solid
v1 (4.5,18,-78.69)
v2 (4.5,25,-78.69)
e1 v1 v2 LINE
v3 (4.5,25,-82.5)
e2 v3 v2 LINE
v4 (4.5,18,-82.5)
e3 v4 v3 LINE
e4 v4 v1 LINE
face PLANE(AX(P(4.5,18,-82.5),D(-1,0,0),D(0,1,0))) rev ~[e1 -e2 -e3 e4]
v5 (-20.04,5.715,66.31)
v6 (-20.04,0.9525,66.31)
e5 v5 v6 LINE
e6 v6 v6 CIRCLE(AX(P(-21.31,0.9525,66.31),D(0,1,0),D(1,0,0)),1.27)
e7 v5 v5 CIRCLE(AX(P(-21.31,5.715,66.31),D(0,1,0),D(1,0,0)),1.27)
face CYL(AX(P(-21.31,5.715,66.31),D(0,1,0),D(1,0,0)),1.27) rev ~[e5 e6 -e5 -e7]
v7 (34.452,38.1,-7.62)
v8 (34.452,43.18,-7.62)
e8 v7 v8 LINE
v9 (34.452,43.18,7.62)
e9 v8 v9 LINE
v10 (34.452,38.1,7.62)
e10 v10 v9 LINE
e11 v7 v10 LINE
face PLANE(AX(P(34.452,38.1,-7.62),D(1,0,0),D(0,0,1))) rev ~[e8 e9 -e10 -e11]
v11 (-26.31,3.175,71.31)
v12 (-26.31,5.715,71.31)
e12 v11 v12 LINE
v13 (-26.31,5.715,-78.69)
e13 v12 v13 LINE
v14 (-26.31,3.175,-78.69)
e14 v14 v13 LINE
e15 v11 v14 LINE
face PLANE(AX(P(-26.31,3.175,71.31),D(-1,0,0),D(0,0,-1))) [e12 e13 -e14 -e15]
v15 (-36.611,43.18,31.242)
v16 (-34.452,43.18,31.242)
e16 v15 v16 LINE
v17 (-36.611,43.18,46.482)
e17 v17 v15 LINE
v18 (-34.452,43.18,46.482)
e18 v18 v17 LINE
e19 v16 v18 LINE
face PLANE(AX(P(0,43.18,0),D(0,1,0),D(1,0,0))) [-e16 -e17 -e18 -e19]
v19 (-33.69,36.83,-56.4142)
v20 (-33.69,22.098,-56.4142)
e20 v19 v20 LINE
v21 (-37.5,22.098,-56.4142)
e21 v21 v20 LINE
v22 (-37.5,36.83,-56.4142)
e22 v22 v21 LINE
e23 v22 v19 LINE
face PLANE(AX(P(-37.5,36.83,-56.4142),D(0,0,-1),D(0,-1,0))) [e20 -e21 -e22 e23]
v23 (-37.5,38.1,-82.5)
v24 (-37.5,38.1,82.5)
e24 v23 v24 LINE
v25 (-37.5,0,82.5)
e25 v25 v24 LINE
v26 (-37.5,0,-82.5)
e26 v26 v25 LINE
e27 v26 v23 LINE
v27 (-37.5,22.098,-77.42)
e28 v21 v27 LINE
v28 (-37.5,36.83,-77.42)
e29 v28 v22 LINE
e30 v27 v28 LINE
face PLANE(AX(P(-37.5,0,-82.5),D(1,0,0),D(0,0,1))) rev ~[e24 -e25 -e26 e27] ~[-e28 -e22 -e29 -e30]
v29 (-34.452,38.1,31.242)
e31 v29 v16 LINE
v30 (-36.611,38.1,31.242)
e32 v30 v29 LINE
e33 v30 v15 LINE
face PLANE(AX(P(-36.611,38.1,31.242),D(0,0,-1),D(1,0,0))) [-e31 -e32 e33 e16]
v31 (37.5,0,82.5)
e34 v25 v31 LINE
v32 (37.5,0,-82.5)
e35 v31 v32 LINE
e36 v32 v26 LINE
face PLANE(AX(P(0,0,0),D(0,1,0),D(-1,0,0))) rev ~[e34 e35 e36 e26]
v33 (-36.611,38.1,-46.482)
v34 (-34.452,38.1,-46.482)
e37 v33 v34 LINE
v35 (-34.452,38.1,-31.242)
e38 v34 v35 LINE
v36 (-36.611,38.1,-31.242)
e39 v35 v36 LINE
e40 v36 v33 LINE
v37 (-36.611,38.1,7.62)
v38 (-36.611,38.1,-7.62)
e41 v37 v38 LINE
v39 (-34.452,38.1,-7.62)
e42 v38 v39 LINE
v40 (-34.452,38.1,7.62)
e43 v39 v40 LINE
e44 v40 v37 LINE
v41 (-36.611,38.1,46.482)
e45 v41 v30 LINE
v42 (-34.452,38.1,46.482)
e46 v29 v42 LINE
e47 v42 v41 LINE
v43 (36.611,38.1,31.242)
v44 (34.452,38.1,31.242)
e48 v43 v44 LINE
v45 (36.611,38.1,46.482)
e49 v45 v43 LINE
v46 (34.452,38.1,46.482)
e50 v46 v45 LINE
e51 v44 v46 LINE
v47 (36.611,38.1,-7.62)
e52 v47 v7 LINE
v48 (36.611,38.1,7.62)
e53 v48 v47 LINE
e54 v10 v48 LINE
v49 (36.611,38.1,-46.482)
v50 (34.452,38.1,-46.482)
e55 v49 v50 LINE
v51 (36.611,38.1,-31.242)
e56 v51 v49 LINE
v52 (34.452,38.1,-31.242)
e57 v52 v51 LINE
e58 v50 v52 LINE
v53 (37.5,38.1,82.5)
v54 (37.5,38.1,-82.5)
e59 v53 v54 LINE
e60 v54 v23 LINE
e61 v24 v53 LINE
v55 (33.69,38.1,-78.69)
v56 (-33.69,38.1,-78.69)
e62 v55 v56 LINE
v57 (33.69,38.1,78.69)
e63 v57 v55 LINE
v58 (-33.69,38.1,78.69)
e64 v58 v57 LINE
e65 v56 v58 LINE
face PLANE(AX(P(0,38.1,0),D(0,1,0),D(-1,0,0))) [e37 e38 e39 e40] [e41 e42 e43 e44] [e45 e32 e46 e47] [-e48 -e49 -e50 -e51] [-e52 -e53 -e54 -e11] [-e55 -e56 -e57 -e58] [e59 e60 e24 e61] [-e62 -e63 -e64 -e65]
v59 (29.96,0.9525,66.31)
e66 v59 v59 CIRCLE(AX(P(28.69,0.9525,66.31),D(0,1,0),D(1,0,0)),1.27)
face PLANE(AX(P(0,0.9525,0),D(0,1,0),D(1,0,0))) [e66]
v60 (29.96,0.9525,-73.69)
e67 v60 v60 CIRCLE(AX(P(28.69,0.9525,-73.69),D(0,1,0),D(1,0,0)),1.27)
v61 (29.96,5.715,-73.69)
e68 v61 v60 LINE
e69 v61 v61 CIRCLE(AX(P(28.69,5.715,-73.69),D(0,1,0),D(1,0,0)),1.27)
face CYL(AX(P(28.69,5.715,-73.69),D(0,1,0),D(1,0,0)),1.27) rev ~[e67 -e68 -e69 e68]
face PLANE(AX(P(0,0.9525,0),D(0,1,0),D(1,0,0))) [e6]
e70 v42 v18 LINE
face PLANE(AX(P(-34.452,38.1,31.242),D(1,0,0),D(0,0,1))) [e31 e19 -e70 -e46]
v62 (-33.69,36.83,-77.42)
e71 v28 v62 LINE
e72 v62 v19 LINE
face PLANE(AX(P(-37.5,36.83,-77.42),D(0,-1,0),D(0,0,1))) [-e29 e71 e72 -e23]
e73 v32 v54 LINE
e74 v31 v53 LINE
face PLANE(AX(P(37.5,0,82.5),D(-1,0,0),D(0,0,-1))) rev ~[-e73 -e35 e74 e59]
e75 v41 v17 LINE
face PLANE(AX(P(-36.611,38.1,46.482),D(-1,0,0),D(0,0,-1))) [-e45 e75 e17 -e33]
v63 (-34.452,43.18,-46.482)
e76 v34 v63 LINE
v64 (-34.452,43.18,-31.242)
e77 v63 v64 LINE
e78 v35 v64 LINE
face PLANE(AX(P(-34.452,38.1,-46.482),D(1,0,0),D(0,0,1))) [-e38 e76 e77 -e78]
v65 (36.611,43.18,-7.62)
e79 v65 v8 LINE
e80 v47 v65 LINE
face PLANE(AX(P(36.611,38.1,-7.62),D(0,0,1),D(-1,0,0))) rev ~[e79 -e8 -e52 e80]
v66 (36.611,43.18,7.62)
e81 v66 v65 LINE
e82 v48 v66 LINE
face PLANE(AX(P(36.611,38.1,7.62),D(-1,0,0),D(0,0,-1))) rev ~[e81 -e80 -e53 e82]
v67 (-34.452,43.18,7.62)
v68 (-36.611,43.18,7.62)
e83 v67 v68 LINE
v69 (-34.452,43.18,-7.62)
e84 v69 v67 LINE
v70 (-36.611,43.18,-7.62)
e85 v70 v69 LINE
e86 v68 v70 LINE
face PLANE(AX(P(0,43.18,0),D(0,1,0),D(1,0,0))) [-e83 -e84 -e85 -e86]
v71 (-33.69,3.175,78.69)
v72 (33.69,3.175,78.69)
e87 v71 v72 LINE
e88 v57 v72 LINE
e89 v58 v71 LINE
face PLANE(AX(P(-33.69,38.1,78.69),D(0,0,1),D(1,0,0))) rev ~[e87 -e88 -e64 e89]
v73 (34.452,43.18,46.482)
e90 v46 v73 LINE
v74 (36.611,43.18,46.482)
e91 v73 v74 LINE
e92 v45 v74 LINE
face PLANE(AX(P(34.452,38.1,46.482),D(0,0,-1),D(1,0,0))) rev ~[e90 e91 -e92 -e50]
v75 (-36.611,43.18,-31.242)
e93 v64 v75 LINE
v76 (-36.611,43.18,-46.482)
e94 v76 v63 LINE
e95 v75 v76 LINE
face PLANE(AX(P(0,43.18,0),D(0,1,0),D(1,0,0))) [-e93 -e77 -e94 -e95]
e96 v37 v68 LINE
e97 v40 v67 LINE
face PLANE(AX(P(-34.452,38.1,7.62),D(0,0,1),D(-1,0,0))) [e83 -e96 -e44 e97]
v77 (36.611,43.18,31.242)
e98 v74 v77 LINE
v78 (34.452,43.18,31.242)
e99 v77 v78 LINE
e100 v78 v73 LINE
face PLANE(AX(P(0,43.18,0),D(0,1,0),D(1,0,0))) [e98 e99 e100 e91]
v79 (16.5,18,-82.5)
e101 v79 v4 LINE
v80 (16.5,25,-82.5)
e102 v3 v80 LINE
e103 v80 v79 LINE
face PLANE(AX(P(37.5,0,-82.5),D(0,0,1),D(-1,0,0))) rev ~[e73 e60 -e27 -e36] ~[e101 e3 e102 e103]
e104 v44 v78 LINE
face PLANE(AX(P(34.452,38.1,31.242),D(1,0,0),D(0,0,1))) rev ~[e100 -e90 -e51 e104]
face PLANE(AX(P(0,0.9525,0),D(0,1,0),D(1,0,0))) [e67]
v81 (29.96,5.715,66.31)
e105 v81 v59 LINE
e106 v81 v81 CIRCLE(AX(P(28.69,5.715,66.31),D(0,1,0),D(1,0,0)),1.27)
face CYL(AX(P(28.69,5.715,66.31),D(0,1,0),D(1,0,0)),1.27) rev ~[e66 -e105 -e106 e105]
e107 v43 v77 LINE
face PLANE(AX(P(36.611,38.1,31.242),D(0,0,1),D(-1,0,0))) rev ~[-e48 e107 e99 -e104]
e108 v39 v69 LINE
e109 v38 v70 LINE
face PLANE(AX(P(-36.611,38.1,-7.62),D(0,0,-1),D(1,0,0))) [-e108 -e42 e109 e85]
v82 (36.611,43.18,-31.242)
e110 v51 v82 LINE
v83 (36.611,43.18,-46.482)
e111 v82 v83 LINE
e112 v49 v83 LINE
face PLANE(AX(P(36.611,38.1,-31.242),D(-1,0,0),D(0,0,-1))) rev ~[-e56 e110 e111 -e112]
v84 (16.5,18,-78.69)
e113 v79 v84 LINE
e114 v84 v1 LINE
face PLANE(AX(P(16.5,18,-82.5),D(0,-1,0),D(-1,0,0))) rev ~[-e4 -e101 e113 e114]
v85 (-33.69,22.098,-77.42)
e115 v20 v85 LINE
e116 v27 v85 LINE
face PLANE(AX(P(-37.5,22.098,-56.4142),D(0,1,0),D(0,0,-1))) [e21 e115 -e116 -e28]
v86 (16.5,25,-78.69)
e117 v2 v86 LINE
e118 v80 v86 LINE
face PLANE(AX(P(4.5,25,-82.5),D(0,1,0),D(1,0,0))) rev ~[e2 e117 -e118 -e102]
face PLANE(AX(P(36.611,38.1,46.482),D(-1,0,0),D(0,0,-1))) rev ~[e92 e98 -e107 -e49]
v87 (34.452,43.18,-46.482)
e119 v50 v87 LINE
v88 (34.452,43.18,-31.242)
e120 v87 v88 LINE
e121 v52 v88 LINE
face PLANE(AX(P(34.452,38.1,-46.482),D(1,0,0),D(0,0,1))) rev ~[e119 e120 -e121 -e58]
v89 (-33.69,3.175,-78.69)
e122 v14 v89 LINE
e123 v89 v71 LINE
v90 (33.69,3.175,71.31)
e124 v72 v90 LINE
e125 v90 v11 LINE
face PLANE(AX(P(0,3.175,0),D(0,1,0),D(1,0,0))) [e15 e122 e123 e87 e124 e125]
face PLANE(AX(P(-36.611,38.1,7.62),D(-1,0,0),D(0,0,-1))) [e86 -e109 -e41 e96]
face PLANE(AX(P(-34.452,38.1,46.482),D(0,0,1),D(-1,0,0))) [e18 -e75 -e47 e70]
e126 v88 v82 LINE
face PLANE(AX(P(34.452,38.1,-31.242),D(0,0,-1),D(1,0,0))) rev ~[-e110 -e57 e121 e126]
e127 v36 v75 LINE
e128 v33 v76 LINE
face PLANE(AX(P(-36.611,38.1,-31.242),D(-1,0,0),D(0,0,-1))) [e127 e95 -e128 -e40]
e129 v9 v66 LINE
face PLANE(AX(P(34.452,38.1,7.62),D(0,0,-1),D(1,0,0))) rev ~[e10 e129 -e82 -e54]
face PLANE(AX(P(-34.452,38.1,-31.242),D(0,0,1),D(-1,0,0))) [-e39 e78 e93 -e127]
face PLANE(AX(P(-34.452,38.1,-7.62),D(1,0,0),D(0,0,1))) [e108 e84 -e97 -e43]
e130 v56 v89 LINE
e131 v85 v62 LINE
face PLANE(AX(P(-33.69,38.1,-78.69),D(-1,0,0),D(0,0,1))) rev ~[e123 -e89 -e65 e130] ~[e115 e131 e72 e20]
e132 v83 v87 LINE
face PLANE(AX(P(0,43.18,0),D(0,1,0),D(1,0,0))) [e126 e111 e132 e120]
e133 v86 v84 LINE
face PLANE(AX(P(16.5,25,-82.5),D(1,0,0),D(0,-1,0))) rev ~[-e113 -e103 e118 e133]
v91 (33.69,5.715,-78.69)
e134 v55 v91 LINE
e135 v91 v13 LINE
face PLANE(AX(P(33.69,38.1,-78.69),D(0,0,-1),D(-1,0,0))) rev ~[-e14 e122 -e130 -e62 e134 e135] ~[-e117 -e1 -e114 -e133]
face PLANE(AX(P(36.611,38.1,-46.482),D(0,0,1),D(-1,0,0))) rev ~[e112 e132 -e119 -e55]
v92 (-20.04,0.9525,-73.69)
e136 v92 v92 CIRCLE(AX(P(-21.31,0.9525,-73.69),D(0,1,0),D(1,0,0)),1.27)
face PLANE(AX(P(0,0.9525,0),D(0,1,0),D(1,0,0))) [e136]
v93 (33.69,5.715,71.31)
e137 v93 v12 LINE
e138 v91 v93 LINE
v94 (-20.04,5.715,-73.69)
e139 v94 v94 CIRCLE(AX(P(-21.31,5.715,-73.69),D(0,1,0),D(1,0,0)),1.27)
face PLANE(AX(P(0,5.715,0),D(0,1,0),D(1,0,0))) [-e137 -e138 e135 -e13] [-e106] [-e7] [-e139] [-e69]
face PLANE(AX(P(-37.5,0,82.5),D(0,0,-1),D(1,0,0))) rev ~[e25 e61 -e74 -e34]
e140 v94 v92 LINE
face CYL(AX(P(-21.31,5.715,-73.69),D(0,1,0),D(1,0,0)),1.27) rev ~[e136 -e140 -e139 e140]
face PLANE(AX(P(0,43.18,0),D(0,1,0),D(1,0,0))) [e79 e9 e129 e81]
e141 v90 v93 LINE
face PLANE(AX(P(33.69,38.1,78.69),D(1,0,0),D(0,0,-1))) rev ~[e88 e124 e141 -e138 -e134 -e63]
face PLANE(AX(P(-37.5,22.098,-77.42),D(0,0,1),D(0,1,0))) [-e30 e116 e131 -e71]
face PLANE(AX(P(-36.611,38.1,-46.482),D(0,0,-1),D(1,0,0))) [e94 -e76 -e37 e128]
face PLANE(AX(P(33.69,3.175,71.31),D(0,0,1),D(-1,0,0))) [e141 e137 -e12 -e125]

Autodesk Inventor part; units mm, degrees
ref_plane "YZ Plane" through (0, 0, 0) normal (1, 0, 0) x (0, 1, 0)
ref_plane "XZ Plane" through (0, 0, 0) normal (0, 1, 0) x (-1, 0, 0)
ref_plane "XY Plane" through (0, 0, 0) normal (0, 0, 1) x (1, 0, 0)
sketch "Sketch1" plane through (0, 0, 0) normal (0, 1, 0) x (-1, 0, 0)
  line L0 (37.5, 82.5) -> (-37.5, 82.5)
  line L1 (-37.5, 82.5) -> (-37.5, -82.5)
  line L2 (-37.5, -82.5) -> (37.5, -82.5)
  line L3 (37.5, -82.5) -> (37.5, 82.5)
  point P0 (0, 0)
  point P1 (37.5, 0)
  point P2 (0, -82.5)
  dimension "d0" = 75
  dimension "d1" = 165
extrude "Extrusion1" add sketch "Sketch1" along normal blind 38.1
sketch "Sketch2" plane through (0, 38.1, 0) normal (0, 1, 0) x (1, 0, 0)
  line L0 (-33.69, -78.69) -> (33.69, -78.69)
  line L1 (33.69, -78.69) -> (33.69, 78.69)
  line L2 (33.69, 78.69) -> (-33.69, 78.69)
  line L3 (-33.69, 78.69) -> (-33.69, -78.69)
  line L4 (-37.5, 82.5) -> (-37.5, -82.5) projected
  line L5 (37.5, 82.5) -> (-37.5, 82.5) projected
  line L6 (37.5, -82.5) -> (37.5, 82.5) projected
  line L7 (-37.5, -82.5) -> (37.5, -82.5) projected
  point P0 (0, 0)
  dimension "d4" = 3.81
  dimension "d5" = 3.81
  dimension "d6" = 3.81
  dimension "d7" = 3.81
extrude "Extrusion2" cut sketch "Sketch2" against normal blind 34.925 contours L3 L2 L1 L0
sketch "Sketch3" plane through (0, 38.1, 0) normal (0, 1, 0) x (1, 0, 0)
  line L0 (-36.611, -46.482) -> (-36.611, -31.242)
  line L1 (-36.611, -31.242) -> (-34.452, -31.242)
  line L2 (-34.452, -31.242) -> (-34.452, -46.482)
  line L3 (-34.452, -46.482) -> (-36.611, -46.482)
  line L4 (-36.611, 31.242) -> (-36.611, 46.482)
  line L5 (-36.611, 46.482) -> (-34.452, 46.482)
  line L6 (-34.452, 46.482) -> (-34.452, 31.242)
  line L7 (-34.452, 31.242) -> (-36.611, 31.242)
  line L8 (-36.611, -7.62) -> (-36.611, 7.62)
  line L9 (-36.611, 7.62) -> (-34.452, 7.62)
  line L10 (-34.452, 7.62) -> (-34.452, -7.62)
  line L11 (-34.452, -7.62) -> (-36.611, -7.62)
  line L12 (-33.69, -78.69) -> (-33.69, 78.69) projected
  line L13 (0, -72.064) -> (0, 82.0809)
  line L14 (36.611, 46.482) -> (34.452, 46.482)
  line L15 (36.611, 7.62) -> (34.452, 7.62)
  line L16 (34.452, 7.62) -> (34.452, -7.62)
  line L17 (36.611, -7.62) -> (36.611, 7.62)
  line L18 (34.452, -7.62) -> (36.611, -7.62)
  line L19 (36.611, -46.482) -> (36.611, -31.242)
  line L20 (36.611, -31.242) -> (34.452, -31.242)
  line L21 (34.452, -31.242) -> (34.452, -46.482)
  line L22 (34.452, -46.482) -> (36.611, -46.482)
  line L23 (36.611, 31.242) -> (36.611, 46.482)
  line L24 (34.452, 46.482) -> (34.452, 31.242)
  line L25 (34.452, 31.242) -> (36.611, 31.242)
  point P0 (0, 0)
  point P1 (-35.5315, -31.242)
  point P2 (-35.5315, 31.242)
  point P3 (-35.5315, -7.62)
  point P4 (-35.5315, 7.62)
  point P5 (-34.452, 0)
  dimension "d10" = 2.159
  dimension "d11" = 2.159
  dimension "d12" = 2.159
  dimension "d13" = 23.622
  dimension "d14" = 23.622
  dimension "d15" = 15.24
  dimension "d16" = 15.24
  dimension "d17" = 15.24
  dimension "d18" = 0.762
  dimension "d19" = 0.762
  dimension "d20" = 0.762
extrude "Extrusion3" add sketch "Sketch3" along normal blind 5.08
sketch "Sketch12" plane through (-37.5, 0, -82.5) normal (-1, 0, 0) x (0, 0, 1)
  line L0 (5.08, 36.83) -> (26.0858, 36.83)
  line L1 (26.0858, 36.83) -> (26.0858, 22.098)
  line L2 (26.0858, 22.098) -> (5.08, 22.098)
  line L3 (5.08, 22.098) -> (5.08, 36.83)
  line L4 (0, 0) -> (0, 38.1) projected
  line L5 (0, 38.1) -> (165, 38.1) projected
  point P0 (82.5, 0)
  dimension "d85" = 14.732
  dimension "d86" = 21.0058
  dimension "d87" = 5.08
  dimension "d88" = 1.27
extrude "Extrusion10" cut sketch "Sketch12" against normal blind 13.0937
sketch "Sketch13" plane through (0, 3.175, 0) normal (0, 1, 0) x (1, 0, 0)
  line L0 (-33.69, 78.69) -> (33.69, 78.69) projected
  line L1 (-33.69, 78.69) -> (26.31, 78.69)
  line L2 (33.69, -71.31) -> (-26.31, -71.31)
  line L3 (-26.31, -71.31) -> (-26.31, 78.69)
  line L4 (-26.31, 78.69) -> (33.69, 78.69)
  line L5 (33.69, 78.69) -> (33.69, -71.31)
  line L6 (33.69, 78.69) -> (33.69, -78.69) projected
  point P0 (0, 0)
  point P1 (33.69, 3.69)
  point P2 (33.69, 0)
  dimension "d93" = 150
  dimension "d94" = 60
extrude "Extrusion11" add sketch "Sketch13" along normal blind 2.54
sketch "Sketch14" plane through (0, 5.715, 0) normal (0, 1, 0) x (1, 0, 0)
  circle A0 centre (-16.3328, 52.2995) radius 1.27
  circle A1 centre (21.5397, 52.2995) radius 1.27
  circle A2 centre (-16.3328, -48.2599) radius 1.27
  circle A3 centre (21.5397, -48.2599) radius 1.27
  line L0 (-33.69, 78.69) -> (33.69, 78.69) projected
  point P0 (0, 0)
  dimension "d97" = 2.54
  dimension "d98" = 2.54
  dimension "d99" = 2.54
  dimension "d100" = 2.54
  dimension "d101" = 26.3905
sketch "Sketch15" plane through (37.5, 0, -82.5) normal (0, 0, -1) x (-1, 0, 0)
  line L0 (21, 18) -> (33, 18)
  line L1 (33, 18) -> (33, 25)
  line L2 (33, 25) -> (21, 25)
  line L3 (21, 25) -> (21, 18)
  line L4 (0, 0) -> (0, 38.1) projected
  line L5 (0, 0) -> (75, 0) projected
  line L6 (0, 38.1) -> (75, 38.1) projected
  point P0 (37.5, 0)
  point P1 (27, 25)
  dimension "d104" = 12
  dimension "d105" = 7
  dimension "d120" = 21
  dimension "d121" = 18
extrude "Extrusion12" cut sketch "Sketch15" against normal blind 39.0525
sketch "Sketch16" plane through (0, 5.715, 0) normal (0, 1, 0) x (1, 0, 0)
  circle A0 centre (28.69, -66.31) radius 1.27
  circle A1 centre (-21.31, -66.31) radius 1.27
  circle A2 centre (28.69, 73.69) radius 1.27
  circle A3 centre (-21.31, 73.69) radius 1.27
  line L0 (33.69, 78.69) -> (33.69, -78.69) projected
  line L1 (-33.69, 78.69) -> (33.69, 78.69) projected
  line L2 (-26.31, 78.69) -> (-26.31, -71.31) projected
  line L3 (-26.31, -71.31) -> (33.69, -71.31) projected
  point P0 (0, 0)
  dimension "d108" = 2.54
  dimension "d109" = 5
  dimension "d110" = 5
  dimension "d111" = 5
  dimension "d112" = 5
  dimension "d113" = 5
  dimension "d114" = 5
  dimension "d115" = 5
  dimension "d116" = 5
  dimension "d122" = 2.54
extrude "Extrusion13" cut sketch "Sketch16" against normal blind 4.7625 contours A0 | A1 | A2 | A3
properties part number "tapaderaf"
